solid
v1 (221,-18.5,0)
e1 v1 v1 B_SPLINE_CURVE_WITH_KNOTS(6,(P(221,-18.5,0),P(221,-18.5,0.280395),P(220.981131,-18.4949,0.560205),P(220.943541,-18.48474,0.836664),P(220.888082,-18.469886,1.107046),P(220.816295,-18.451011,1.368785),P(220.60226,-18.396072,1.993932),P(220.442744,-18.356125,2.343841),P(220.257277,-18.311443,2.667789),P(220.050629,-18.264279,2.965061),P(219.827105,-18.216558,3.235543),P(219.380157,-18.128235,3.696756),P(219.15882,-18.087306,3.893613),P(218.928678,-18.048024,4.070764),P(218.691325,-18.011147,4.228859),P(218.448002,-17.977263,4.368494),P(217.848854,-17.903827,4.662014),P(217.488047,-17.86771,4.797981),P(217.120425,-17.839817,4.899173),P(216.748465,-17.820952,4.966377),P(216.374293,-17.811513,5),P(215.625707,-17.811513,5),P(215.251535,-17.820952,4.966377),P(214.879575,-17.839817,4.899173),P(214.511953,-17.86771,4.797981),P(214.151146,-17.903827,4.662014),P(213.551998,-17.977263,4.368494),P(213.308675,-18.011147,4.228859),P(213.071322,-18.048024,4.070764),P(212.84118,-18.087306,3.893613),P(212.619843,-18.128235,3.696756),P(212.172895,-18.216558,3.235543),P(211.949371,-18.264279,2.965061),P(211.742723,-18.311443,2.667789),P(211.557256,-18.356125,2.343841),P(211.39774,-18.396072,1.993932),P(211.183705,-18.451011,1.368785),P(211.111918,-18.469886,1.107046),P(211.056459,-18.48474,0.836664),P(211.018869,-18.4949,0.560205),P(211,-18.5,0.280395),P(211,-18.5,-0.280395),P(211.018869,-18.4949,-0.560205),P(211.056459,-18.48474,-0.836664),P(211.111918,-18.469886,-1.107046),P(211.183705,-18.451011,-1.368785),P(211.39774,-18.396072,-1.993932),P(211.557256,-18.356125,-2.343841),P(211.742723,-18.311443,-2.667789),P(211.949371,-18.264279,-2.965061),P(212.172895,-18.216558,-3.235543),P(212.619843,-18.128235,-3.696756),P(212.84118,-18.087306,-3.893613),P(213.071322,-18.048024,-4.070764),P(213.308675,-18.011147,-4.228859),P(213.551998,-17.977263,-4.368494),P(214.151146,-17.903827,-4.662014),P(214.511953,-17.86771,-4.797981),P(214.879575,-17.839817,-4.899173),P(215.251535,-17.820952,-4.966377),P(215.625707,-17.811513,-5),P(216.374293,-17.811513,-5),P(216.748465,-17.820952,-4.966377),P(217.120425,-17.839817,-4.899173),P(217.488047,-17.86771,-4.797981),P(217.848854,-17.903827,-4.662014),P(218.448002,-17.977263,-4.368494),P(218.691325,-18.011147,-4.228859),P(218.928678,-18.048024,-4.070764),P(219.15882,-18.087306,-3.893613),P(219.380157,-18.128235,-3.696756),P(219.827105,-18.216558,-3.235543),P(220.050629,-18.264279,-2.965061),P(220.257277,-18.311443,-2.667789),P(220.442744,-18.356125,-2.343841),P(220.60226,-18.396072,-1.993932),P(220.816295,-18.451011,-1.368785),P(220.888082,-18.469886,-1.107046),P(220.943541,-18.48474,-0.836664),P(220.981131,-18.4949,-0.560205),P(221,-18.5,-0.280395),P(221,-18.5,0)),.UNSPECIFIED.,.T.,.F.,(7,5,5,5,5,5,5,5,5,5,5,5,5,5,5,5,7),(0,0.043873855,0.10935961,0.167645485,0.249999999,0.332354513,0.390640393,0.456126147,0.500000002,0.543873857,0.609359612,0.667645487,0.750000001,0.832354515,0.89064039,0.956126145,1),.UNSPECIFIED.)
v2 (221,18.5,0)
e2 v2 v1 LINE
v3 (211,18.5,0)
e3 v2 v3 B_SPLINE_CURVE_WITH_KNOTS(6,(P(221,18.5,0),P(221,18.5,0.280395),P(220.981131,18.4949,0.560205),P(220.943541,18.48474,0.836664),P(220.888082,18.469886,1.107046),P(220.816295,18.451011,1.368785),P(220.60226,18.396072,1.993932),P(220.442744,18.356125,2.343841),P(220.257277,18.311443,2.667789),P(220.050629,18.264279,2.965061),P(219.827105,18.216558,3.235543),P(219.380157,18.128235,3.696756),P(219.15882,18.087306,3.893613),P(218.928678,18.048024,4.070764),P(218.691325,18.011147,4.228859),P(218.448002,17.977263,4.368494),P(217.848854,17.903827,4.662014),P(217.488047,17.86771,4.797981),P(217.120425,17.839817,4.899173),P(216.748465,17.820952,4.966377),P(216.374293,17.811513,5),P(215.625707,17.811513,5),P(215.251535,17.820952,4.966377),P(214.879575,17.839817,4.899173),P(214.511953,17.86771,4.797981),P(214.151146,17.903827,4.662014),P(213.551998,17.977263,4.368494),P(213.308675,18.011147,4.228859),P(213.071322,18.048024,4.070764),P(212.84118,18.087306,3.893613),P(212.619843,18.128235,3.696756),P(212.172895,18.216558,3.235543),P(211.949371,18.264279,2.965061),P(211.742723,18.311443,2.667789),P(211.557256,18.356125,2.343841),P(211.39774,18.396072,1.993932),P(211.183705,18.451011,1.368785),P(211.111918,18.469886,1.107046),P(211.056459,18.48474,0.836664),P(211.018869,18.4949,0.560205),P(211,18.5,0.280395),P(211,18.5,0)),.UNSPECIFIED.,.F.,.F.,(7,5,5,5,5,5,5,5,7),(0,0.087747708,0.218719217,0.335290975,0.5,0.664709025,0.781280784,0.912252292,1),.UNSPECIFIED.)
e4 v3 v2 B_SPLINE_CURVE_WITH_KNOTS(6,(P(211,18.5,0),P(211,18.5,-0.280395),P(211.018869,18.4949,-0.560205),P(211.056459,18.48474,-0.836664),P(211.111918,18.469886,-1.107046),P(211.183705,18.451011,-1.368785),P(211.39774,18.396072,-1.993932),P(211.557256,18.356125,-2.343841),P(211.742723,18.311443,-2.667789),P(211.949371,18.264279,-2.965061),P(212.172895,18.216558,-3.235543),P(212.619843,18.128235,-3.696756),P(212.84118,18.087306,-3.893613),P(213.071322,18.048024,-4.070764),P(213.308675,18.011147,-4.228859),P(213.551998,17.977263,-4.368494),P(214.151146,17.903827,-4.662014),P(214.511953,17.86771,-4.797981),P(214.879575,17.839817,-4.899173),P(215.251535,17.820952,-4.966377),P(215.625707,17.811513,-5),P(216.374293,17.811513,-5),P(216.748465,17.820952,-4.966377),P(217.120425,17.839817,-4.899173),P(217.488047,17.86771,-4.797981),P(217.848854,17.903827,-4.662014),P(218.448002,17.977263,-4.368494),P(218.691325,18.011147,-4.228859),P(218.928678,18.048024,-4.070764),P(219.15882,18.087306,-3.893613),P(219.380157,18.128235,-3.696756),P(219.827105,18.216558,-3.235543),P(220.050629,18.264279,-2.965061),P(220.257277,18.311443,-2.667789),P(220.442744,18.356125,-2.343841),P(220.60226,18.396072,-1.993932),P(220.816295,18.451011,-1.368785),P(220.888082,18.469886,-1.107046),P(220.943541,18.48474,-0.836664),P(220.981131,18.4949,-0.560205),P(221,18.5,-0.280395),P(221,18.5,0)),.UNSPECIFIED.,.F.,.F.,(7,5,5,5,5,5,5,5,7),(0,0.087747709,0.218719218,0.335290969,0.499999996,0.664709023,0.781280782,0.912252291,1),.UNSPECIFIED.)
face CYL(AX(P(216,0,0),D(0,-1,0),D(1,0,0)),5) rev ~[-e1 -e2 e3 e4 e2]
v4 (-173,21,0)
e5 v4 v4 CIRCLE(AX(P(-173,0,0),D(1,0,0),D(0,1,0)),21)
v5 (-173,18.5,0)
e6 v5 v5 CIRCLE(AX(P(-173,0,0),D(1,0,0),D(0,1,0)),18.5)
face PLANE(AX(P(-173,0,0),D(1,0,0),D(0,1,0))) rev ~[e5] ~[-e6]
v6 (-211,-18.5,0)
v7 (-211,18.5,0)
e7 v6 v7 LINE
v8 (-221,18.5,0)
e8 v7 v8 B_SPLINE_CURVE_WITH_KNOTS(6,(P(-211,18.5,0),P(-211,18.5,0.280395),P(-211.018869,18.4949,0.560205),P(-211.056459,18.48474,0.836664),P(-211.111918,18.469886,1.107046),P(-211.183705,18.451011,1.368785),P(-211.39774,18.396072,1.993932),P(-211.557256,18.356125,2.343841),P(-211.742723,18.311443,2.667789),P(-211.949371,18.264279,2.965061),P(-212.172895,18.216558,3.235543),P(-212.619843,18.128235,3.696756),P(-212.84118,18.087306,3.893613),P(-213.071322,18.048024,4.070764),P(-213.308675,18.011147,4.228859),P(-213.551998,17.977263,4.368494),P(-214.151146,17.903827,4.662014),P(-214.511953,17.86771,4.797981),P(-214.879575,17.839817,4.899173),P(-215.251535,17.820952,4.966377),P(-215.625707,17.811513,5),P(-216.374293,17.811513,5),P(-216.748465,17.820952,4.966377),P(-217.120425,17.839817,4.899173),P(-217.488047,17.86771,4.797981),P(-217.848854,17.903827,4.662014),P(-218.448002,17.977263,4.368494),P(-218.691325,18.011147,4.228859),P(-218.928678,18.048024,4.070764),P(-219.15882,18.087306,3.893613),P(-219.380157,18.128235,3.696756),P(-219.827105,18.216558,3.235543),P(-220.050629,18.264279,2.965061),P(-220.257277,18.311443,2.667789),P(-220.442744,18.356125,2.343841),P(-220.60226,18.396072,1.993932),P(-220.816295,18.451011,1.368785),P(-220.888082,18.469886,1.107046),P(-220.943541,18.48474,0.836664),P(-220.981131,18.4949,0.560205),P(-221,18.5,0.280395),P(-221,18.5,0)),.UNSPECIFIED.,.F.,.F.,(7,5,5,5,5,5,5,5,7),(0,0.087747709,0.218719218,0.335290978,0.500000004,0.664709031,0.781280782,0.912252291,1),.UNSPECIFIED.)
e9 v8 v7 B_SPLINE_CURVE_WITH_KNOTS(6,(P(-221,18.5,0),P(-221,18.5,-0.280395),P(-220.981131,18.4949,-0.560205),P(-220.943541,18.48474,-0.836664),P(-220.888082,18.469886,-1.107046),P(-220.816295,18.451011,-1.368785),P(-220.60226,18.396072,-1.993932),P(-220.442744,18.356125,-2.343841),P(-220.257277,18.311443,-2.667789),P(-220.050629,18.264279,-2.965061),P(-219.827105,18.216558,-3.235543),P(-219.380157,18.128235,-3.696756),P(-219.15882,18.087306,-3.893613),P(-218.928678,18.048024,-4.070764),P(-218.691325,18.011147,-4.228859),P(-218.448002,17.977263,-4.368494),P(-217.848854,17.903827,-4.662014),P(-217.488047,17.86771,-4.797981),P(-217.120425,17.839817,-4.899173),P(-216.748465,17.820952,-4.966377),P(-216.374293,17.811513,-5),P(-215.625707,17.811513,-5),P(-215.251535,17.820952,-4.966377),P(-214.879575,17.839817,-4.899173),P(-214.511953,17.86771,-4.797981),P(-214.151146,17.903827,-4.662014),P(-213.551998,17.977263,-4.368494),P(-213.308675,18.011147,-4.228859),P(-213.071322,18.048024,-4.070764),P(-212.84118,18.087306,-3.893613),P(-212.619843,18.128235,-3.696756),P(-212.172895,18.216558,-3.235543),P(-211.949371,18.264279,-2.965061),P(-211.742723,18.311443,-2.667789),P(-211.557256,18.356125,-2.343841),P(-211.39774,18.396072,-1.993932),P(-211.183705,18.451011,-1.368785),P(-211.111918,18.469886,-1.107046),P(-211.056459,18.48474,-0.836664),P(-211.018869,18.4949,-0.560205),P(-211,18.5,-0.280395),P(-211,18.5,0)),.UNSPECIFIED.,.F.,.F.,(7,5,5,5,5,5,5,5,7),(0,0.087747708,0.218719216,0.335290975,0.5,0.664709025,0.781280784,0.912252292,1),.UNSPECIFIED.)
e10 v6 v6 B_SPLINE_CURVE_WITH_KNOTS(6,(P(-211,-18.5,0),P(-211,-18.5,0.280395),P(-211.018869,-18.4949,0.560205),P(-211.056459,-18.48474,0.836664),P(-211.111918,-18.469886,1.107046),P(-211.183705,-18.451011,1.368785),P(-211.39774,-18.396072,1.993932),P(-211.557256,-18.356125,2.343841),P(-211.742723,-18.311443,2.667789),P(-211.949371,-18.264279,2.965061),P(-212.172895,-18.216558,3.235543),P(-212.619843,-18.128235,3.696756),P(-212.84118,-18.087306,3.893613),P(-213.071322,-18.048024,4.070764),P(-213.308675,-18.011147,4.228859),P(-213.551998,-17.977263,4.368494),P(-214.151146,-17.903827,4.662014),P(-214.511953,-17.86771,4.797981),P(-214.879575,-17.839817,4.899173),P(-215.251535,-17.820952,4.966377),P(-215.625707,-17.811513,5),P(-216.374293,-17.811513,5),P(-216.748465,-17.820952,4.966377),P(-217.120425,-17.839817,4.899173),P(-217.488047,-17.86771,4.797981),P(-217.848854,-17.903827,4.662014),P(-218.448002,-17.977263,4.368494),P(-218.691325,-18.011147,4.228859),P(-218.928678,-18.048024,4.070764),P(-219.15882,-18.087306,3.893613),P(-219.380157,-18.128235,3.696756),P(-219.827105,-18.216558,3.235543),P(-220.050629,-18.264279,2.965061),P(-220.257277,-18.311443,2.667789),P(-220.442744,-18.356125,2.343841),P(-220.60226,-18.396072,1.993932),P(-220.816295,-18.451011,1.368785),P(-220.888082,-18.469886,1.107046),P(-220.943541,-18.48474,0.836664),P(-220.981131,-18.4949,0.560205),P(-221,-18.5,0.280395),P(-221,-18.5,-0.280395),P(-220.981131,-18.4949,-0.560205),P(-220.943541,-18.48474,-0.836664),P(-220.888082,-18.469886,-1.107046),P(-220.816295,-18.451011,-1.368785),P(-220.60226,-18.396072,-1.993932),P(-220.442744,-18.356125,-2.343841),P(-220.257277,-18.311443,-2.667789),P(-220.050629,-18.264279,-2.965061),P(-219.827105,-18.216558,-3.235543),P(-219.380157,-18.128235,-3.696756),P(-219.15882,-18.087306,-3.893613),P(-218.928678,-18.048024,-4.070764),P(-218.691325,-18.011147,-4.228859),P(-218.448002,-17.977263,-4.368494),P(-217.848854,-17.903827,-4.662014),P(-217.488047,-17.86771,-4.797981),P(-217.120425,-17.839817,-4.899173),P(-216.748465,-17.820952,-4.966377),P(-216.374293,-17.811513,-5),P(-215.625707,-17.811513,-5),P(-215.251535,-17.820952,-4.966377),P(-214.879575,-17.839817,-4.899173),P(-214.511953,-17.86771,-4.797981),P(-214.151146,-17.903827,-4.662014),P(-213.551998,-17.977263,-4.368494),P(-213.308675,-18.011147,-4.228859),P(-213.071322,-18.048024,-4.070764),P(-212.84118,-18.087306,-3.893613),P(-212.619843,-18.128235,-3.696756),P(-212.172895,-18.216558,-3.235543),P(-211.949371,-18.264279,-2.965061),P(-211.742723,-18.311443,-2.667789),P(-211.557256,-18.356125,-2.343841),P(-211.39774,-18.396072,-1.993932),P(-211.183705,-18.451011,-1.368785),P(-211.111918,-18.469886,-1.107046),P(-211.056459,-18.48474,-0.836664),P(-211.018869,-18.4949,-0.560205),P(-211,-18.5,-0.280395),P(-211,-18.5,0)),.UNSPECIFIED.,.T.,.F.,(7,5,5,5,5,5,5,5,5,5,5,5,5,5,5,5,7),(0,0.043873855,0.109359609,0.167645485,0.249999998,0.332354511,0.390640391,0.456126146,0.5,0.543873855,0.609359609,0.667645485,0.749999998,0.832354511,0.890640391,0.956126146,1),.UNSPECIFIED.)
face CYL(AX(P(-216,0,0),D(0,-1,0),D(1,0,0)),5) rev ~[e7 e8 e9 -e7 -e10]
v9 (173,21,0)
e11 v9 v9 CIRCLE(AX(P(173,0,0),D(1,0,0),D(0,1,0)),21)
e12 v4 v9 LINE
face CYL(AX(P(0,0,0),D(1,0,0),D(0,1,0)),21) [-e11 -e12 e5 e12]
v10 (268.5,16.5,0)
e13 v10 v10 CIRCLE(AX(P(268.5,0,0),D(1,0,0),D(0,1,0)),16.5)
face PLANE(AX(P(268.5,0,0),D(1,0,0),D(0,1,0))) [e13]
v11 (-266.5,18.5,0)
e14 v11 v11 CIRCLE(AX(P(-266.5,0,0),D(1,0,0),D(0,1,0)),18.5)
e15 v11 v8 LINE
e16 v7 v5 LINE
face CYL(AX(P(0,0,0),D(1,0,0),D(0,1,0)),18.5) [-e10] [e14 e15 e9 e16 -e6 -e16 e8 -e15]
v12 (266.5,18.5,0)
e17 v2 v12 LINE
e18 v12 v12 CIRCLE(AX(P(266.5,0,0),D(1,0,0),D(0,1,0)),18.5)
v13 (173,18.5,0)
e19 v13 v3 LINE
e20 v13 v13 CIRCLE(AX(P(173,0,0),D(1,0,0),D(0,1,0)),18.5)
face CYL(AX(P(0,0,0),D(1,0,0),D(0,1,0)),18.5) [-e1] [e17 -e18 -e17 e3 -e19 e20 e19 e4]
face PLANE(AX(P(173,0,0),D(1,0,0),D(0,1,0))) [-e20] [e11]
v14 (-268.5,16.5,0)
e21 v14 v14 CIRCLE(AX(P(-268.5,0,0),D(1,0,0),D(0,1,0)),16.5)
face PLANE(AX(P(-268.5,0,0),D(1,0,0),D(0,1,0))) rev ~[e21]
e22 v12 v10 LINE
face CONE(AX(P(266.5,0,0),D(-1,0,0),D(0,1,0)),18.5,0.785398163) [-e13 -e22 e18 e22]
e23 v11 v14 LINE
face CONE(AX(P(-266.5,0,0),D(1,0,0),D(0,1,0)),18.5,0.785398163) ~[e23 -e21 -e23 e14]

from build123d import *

# Parameters (mm, degrees)
F0_R     = 18.5
F1_DEPTH = 268.5
F2_R     = 5
F3_DEPTH = 25
F4_SIZE  = 2
F5_R     = 21
F6_DEPTH = 173


with BuildPart() as f1:
    # F0 (on Right) → F1 (new body, symmetric)
    with BuildSketch(Plane.YZ):
        Circle(F0_R)
    extrude(amount=F1_DEPTH, both=True)

    # F2 (on Front) → F3 (cut, symmetric)
    with BuildSketch(Plane.XZ):
        with Locations((-216, 0)):
            Circle(F2_R)
        with Locations((216, 0)):
            Circle(F2_R)
    extrude(amount=F3_DEPTH, both=True, mode=Mode.SUBTRACT)

    # F4
    f4_edges = [f1.edges().sort_by_distance(p)[0] for p in [
        (-268.5, -18.5, 0),
        (268.5, -18.5, 0),
    ]]
    chamfer(f4_edges, length=F4_SIZE)

    # F5 (on Right) → F6 (join, symmetric)
    with BuildSketch(Plane.YZ):
        Circle(F5_R)
    extrude(amount=F6_DEPTH, both=True)


solid = f1.part
